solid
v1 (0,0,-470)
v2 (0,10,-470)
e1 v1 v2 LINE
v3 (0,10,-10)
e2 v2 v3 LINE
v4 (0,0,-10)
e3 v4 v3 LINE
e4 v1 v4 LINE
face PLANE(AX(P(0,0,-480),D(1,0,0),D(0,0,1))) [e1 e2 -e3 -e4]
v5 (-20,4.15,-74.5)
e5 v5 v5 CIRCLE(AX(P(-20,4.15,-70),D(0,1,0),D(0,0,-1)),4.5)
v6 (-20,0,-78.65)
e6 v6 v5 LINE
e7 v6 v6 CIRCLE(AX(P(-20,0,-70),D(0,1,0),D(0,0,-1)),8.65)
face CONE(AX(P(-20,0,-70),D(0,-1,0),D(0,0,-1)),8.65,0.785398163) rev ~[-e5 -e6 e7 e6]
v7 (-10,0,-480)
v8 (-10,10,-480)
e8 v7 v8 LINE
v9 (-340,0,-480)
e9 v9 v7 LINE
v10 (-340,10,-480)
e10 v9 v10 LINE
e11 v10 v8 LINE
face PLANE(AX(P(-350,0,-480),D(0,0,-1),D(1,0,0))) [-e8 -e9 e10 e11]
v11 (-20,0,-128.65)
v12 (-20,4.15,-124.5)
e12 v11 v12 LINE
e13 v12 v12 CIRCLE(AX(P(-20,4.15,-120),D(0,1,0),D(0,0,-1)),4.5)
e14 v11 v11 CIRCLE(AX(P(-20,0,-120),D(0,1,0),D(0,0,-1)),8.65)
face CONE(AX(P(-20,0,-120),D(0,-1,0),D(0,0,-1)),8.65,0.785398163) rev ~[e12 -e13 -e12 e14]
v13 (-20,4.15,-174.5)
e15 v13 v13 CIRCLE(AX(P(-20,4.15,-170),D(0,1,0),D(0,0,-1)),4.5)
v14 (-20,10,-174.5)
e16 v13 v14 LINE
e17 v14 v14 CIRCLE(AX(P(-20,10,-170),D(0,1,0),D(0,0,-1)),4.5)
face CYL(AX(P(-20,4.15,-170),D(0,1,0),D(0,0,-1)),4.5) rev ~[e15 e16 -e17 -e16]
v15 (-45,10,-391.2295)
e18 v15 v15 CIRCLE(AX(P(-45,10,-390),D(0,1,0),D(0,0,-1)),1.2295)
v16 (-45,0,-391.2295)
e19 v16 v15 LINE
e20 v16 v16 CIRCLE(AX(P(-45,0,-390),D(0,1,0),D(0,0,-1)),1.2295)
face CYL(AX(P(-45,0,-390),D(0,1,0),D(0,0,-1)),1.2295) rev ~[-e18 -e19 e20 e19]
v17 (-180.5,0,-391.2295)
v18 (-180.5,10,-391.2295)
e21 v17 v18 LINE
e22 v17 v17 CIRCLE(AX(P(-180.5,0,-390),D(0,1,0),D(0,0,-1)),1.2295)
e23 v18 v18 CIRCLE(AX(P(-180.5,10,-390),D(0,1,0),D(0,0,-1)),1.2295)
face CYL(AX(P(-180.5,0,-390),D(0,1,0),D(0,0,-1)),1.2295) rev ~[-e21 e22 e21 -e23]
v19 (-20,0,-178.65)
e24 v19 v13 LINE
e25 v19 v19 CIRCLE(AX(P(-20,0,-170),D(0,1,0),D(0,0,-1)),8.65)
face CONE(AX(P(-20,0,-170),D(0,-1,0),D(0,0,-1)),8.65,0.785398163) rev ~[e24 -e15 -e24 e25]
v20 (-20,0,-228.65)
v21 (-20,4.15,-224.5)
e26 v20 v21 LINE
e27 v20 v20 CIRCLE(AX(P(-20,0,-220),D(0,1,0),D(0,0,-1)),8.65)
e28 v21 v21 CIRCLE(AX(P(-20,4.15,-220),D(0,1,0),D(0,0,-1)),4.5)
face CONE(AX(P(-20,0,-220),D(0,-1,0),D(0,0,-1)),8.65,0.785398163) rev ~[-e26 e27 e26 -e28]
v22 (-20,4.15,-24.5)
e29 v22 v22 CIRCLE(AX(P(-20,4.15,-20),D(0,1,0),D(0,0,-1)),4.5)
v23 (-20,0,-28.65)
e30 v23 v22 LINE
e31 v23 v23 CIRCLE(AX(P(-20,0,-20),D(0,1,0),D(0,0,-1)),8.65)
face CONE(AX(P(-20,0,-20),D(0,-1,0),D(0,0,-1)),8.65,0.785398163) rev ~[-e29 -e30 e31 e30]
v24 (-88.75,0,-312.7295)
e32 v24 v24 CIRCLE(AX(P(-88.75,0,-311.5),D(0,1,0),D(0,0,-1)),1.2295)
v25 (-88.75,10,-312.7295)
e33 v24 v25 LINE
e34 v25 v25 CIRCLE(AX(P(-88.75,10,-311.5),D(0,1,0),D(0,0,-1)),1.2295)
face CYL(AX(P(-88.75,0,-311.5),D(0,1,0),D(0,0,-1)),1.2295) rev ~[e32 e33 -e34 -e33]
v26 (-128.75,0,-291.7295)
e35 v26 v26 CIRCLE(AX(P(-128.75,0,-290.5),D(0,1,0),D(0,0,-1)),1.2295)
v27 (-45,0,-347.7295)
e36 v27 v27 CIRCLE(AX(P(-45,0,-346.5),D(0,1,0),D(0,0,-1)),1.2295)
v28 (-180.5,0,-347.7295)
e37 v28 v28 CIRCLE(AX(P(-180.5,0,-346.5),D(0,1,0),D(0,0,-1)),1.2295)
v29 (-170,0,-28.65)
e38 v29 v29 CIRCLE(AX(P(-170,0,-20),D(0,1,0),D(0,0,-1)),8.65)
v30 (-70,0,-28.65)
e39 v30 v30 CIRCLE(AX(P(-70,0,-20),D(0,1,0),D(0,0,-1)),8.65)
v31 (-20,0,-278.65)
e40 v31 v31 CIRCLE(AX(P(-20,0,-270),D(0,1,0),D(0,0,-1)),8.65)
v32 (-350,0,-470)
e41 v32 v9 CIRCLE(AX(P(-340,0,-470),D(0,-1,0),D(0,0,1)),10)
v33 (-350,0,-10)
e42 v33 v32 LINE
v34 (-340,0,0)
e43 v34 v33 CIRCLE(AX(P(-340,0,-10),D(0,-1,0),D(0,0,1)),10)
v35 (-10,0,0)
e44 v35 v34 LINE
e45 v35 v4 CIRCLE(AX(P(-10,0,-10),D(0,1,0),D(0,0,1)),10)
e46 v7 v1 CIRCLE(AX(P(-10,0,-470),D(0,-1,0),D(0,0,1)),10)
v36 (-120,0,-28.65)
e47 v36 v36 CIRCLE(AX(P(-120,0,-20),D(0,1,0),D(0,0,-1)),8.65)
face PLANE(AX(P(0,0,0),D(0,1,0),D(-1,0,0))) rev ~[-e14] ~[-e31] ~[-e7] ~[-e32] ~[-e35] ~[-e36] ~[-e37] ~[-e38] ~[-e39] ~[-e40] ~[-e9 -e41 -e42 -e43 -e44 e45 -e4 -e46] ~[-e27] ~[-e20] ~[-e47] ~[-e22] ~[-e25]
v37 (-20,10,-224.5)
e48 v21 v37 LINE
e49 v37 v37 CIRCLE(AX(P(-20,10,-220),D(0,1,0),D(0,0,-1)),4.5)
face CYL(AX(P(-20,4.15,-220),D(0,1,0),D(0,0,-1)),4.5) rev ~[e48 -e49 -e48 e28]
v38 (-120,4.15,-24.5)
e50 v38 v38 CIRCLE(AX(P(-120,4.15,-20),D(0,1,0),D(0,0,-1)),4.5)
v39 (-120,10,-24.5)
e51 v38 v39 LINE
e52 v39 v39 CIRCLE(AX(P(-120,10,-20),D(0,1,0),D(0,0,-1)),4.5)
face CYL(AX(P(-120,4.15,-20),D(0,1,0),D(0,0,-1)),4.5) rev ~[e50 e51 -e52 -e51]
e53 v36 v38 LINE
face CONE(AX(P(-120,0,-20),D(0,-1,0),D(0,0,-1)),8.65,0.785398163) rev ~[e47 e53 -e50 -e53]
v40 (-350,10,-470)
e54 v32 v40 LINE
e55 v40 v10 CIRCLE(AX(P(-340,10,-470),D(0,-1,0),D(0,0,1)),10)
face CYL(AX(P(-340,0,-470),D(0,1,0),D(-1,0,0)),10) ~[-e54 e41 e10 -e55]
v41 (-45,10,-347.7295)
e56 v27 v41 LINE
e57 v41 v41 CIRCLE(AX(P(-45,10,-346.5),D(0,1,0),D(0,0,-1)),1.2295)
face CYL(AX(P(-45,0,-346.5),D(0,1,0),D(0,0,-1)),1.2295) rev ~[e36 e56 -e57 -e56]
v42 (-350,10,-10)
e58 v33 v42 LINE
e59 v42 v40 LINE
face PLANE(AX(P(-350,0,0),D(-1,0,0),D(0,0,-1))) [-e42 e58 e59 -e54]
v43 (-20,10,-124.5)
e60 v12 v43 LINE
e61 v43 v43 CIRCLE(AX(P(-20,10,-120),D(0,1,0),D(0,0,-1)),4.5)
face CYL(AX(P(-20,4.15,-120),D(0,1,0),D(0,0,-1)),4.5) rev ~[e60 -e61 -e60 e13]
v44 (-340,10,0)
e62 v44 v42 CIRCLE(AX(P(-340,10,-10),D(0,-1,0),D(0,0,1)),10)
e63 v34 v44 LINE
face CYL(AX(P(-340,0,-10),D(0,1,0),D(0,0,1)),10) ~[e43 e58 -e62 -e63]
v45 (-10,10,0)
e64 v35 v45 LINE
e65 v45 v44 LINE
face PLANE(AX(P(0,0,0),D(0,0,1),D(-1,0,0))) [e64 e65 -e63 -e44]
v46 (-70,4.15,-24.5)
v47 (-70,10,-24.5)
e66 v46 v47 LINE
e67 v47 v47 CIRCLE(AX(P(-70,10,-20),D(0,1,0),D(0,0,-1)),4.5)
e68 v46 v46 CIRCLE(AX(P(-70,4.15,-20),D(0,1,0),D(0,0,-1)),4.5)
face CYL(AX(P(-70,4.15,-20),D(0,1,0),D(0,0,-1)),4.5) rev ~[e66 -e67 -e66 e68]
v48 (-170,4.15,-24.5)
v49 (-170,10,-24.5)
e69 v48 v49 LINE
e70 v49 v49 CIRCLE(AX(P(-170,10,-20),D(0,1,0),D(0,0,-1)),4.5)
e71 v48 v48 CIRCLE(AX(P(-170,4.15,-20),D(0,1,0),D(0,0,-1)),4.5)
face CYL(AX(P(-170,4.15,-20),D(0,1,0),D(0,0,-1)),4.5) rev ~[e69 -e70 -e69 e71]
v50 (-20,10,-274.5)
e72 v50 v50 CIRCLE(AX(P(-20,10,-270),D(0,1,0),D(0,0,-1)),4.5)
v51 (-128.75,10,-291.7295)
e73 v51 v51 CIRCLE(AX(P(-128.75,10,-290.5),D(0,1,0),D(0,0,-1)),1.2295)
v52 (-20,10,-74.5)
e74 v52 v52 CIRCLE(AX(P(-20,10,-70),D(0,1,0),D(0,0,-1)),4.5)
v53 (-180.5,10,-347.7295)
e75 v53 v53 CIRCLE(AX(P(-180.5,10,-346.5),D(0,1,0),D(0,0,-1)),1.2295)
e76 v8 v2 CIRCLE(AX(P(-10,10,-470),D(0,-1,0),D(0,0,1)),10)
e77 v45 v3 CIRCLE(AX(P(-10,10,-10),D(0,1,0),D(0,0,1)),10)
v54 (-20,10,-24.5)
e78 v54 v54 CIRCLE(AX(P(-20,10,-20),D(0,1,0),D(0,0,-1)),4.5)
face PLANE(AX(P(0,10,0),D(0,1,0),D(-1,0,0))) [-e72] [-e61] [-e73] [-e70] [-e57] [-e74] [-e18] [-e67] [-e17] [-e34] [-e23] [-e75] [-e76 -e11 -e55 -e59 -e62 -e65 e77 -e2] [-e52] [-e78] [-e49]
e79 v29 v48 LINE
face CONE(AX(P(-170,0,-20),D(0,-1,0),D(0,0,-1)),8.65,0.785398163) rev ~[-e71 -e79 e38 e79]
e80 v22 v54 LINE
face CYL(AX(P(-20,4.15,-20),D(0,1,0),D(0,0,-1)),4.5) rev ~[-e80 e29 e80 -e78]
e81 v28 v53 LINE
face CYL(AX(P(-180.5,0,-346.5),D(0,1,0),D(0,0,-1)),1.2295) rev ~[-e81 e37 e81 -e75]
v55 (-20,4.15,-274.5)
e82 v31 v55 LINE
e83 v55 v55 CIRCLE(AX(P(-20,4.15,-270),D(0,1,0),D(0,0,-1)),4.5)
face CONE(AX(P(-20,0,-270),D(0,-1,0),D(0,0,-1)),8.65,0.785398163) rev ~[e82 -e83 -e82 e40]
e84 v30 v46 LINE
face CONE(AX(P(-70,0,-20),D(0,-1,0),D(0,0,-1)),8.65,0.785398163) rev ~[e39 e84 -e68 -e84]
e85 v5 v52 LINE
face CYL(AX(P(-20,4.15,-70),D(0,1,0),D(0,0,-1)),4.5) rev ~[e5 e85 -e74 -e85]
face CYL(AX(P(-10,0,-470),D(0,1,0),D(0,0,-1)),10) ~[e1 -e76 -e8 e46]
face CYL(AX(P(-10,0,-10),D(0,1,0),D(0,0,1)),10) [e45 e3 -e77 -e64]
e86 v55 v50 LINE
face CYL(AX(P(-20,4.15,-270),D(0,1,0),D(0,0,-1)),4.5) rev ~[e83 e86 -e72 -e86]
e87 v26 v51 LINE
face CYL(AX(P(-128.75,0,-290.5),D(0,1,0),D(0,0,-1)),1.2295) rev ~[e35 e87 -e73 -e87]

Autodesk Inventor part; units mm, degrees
ref_plane "YZ Plane" through (0, 0, 0) normal (1, 0, 0) x (0, 1, 0)
ref_plane "XZ Plane" through (0, 0, 0) normal (0, 1, 0) x (-1, 0, 0)
ref_plane "XY Plane" through (0, 0, 0) normal (0, 0, 1) x (1, 0, 0)
sketch "Sketch1" plane through (0, 0, 0) normal (0, 1, 0) x (-1, 0, 0)
  line L0 (0, 0) -> (350, 0)
  line L1 (350, 0) -> (350, -480)
  line L2 (350, -480) -> (0, -480)
  line L3 (0, -480) -> (0, 0)
  dimension "d0" = 480
  dimension "d1" = 350
extrude "Extrusion1" add sketch "Sketch1" along normal blind 10
fillet "Fillet1" radius 10 4 edges at (-350, 5, 0) (0, 5, 0) (0, 5, -480) (-350, 5, -480)
sketch "Sketch5" plane through (0, 0, 0) normal (0, 1, 0) x (-1, 0, 0)
  line L0 (340, 0) -> (10, 0) projected
  line L1 (0, -10) -> (0, -470) projected
  line L2 (20, -70) -> (20, -170) construction
  line L3 (20, -120) -> (20, -220) construction
  line L4 (20, -170) -> (20, -270) construction
  line L5 (20, -20) -> (120, -20) construction
  line L6 (20, -20) -> (20, -120) construction
  line L7 (170, -20) -> (70, -20) construction
  point P0 (0, 0)
  dimension "d32" = 100
  dimension "d33" = 70
  dimension "d34" = 20
  dimension "d43" = 50
hole "Hole4" at (-170, 0, -20) at (-120, 0, -20) at (-70, 0, -20) at (-20, 0, -20) at (-20, 0, -70) at (-20, 0, -120) at (-20, 0, -170) at (-20, 0, -220) at (-20, 0, -270) direction (0, 1, 0) diameter 9 end through all countersink diameter 17.3 countersink angle 90 clearance for "Countersunk Flat Head Screw ISO 2009/7046" size "M8" standard "ISO"
sketch "Sketch2" plane through (0, 0, 0) normal (0, 1, 0) x (-1, 0, 0)
  line L0 (0, -10) -> (0, -470) projected
  line L1 (10, -480) -> (340, -480) projected
  line L2 (88.75, -311.5) -> (108.75, -311.5) construction
  line L3 (108.75, -311.5) -> (128.75, -311.5) construction
  line L4 (108.75, -311.5) -> (112.75, -346.5) construction
  line L5 (45, -346.5) -> (112.75, -346.5) construction
  line L6 (180.5, -346.5) -> (112.75, -346.5) construction
  point P0 (0, 0)
  point P1 (45, -390)
  point P2 (180.5, -390)
  point P3 (128.75, -290.5)
  dimension "d20" = 43.5
  dimension "d21" = 135.5
  dimension "d22" = 45
  dimension "d23" = 90
  dimension "d26" = 40
  dimension "d28" = 21
  dimension "d30" = 35
  dimension "d31" = 4
hole "Hole5" at (-128.75, 0, -290.5) at (-88.75, 0, -311.5) at (-180.5, 0, -346.5) at (-180.5, 0, -390) at (-45, 0, -346.5) at (-45, 0, -390) direction (0, 1, 0) diameter 2.459 end through all thread size "M3x0.5" class "6H" standard "ISO Metric profile"
sketch "Sketch3" plane through (0, 0, 0) normal (0, 1, 0) x (-1, 0, 0)
  line L0 (350, -470) -> (350, -10) construction
  line L1 (350, -20) -> (330, -20) construction
  line L2 (330, -20) -> (330, 0) construction
  line L3 (0, -10) -> (0, -470) construction
  line L4 (0, -20) -> (20, -20) construction
  line L5 (20, -20) -> (20, 0) construction
  line L6 (340, 0) -> (10, 0) construction
  line L7 (0, -460) -> (20, -460) construction
  line L8 (20, -460) -> (20, -480) construction
  line L9 (10, -480) -> (340, -480) construction
  line L10 (330, -480) -> (330, -460) construction
  line L11 (330, -460) -> (350, -460) construction
  point P0 (0, 0)
  dimension "d12" = 20
properties part number "bottom_plate" material "Acetal Resin, White"
